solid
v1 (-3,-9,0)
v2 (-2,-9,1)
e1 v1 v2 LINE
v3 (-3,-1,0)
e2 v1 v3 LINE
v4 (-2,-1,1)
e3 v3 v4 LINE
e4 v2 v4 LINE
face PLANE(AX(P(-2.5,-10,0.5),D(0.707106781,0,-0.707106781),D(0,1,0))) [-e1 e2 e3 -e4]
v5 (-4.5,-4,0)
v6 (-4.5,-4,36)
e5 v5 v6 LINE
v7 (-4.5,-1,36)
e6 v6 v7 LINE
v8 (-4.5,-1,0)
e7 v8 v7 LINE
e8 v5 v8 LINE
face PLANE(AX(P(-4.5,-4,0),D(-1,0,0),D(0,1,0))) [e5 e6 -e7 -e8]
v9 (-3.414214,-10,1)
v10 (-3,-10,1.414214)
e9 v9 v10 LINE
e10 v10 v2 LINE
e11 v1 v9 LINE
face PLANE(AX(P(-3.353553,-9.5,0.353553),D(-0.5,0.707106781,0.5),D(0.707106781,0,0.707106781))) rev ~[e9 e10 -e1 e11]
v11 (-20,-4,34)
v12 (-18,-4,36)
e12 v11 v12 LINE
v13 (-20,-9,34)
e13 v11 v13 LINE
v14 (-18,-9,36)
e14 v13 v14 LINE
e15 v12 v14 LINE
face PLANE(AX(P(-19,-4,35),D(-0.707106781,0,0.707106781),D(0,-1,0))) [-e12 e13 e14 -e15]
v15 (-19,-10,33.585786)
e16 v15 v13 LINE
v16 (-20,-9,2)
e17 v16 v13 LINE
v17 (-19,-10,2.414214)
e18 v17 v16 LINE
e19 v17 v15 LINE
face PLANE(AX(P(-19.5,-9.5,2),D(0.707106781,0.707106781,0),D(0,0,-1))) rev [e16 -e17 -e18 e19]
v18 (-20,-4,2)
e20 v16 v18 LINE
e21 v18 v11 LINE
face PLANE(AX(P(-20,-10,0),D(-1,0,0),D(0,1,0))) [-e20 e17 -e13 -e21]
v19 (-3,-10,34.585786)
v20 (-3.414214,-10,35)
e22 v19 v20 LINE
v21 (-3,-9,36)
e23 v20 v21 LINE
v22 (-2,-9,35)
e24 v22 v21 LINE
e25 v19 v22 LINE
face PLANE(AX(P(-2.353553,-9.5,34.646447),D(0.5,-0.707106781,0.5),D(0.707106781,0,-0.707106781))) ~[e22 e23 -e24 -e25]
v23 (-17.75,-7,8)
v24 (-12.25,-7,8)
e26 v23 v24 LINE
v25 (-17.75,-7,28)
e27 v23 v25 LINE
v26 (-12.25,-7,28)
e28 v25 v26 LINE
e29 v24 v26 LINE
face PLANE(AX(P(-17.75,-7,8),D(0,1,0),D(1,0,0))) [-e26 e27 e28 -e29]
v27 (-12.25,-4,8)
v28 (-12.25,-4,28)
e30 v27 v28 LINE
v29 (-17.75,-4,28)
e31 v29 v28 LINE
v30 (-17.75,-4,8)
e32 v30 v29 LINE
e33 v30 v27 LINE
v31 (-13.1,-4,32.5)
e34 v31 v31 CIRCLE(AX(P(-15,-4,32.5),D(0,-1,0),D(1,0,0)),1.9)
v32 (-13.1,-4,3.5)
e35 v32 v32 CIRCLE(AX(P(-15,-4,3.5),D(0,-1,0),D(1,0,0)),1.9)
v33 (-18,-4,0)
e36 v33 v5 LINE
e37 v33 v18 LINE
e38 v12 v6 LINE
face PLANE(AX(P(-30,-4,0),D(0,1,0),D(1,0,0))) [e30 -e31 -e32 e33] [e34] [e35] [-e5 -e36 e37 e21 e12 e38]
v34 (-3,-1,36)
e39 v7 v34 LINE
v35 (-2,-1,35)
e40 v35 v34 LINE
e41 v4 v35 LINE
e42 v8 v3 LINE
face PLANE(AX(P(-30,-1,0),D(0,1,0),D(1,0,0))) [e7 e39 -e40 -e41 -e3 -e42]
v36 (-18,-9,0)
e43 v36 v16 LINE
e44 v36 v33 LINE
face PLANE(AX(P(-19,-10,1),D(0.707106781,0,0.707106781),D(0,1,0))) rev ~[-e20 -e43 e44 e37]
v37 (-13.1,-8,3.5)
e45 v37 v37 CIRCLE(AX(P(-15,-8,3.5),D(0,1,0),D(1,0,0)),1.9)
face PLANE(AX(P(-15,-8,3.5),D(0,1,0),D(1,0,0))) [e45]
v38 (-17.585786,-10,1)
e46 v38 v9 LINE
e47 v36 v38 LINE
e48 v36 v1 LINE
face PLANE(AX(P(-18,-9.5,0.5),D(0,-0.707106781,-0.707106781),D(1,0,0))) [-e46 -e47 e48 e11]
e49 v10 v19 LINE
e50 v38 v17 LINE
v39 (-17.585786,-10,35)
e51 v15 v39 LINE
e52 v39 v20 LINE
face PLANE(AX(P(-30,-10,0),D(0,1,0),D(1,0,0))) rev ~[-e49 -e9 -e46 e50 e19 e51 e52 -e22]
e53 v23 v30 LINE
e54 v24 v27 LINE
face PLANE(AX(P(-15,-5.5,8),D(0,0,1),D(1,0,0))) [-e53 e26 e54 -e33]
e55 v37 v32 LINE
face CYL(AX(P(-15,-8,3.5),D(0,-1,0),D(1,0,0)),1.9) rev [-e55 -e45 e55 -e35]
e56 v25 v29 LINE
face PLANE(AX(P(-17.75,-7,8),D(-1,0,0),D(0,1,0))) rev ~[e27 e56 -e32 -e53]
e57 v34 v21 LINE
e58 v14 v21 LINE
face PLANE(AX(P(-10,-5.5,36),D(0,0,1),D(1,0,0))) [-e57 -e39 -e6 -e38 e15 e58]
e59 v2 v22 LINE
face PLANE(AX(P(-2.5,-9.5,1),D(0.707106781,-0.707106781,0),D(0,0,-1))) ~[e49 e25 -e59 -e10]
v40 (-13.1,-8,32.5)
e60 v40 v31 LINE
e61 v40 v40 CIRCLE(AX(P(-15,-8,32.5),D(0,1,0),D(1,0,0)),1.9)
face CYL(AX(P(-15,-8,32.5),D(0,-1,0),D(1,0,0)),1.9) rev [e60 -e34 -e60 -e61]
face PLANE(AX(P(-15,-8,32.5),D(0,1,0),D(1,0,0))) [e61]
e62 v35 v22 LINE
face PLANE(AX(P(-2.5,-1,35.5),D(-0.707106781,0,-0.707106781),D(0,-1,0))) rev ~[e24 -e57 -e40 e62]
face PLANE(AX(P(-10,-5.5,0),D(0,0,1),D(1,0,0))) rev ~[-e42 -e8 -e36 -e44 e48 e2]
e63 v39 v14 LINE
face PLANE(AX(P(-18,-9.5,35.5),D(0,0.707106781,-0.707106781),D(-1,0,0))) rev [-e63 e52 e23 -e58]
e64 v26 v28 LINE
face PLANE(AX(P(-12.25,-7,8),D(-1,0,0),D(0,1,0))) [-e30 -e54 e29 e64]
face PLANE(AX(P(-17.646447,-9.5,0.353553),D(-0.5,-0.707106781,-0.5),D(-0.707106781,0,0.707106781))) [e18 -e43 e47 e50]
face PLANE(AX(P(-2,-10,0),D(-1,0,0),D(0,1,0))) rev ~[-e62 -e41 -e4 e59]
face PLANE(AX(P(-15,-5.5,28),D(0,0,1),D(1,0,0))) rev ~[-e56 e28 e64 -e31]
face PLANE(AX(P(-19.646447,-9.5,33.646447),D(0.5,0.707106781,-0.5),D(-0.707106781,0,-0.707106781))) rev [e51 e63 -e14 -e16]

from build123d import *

# Parameters (mm, degrees)
BOX034_W                             = 5.5
BOX034_H                             = 3
BOX034_DEPTH                         = 20
CYLINDER016033_R                     = 1.9
CYLINDER016033_DEPTH                 = 10
CYLINDER016032_R                     = 1.9
CYLINDER016032_DEPTH                 = 10
BOX020_W                             = 14
BOX020_H                             = 9
BOX020_DEPTH                         = 40
BOX019_W                             = 14
BOX019_H                             = 9
BOX019_DEPTH                         = 40
BOX036_W                             = 25.5
BOX036_H                             = 3
BOX036_DEPTH                         = 36
BOX035_W                             = 40
BOX035_H                             = 9
BOX035_DEPTH                         = 36
CHAMFER016016008004017002013003_SIZE = 2
CHAMFER016016008004017002013004_SIZE = 1
CHAMFER016016008004017002013005_SIZE = 1


with BuildPart() as cube034:
    # Box034 → Box034 (new body)
    with BuildSketch(Plane(origin=(-17.75, -7, 8), x_dir=(1, 0, 0), z_dir=(0, 0, 1))):
        with Locations((2.75, 1.5)):
            Rectangle(BOX034_W, BOX034_H)
    extrude(amount=BOX034_DEPTH)


with BuildPart() as cylinder047:
    # Cylinder016033 → Cylinder016033 (new body)
    with BuildSketch(Plane(origin=(-15, 0, 3.5), x_dir=(1, 0, 0), z_dir=(0, 1, 0))):
        Circle(CYLINDER016033_R)
    extrude(amount=CYLINDER016033_DEPTH)


with BuildPart() as fusion018007003008:
    # Cylinder016032 → Cylinder016032 (new body)
    with BuildSketch(Plane(origin=(-15, 0, 32.5), x_dir=(1, 0, 0), z_dir=(0, 1, 0))):
        Circle(CYLINDER016032_R)
    extrude(amount=CYLINDER016032_DEPTH)

    # Fusion018007003008: union Cylinder047
    add(cylinder047.part)


with BuildPart() as fusion018007003008_1:
    # Fusion018007003008 placement: moved
    add(fusion018007003008.part.moved(Location((0, -8, 0))))


with BuildPart() as cube020:
    # Box020 → Box020 (new body)
    with BuildSketch(Plane(origin=(-34, -10, 0), x_dir=(1, 0, 0), z_dir=(0, 0, 1))):
        with Locations((7, 4.5)):
            Rectangle(BOX020_W, BOX020_H)
    extrude(amount=BOX020_DEPTH)


with BuildPart() as cube019:
    # Box019 → Box019 (new body)
    with BuildSketch(Plane(origin=(-2, -10, 0), x_dir=(1, 0, 0), z_dir=(0, 0, 1))):
        with Locations((7, 4.5)):
            Rectangle(BOX019_W, BOX019_H)
    extrude(amount=BOX019_DEPTH)


with BuildPart() as cube036:
    # Box036 → Box036 (new body)
    with BuildSketch(Plane(origin=(-30, -4, 0), x_dir=(1, 0, 0), z_dir=(0, 0, 1))):
        with Locations((12.75, 1.5)):
            Rectangle(BOX036_W, BOX036_H)
    extrude(amount=BOX036_DEPTH)


with BuildPart() as dock_magnet_mounter:
    # Box035 → Box035 (new body)
    with BuildSketch(Plane(origin=(-30, -10, 0), x_dir=(1, 0, 0), z_dir=(0, 0, 1))):
        with Locations((20, 4.5)):
            Rectangle(BOX035_W, BOX035_H)
    extrude(amount=BOX035_DEPTH)

    # Cut010011008009003016003: cut Cube036
    add(cube036.part, mode=Mode.SUBTRACT)

    # Cut010011008009003016004: cut Cube019
    add(cube019.part, mode=Mode.SUBTRACT)

    # Cut010011008009003016022: cut Cube020
    add(cube020.part, mode=Mode.SUBTRACT)

    # Chamfer016016008004017002013003
    chamfer016016008004017002013003_edges = [dock_magnet_mounter.edges().sort_by_distance(p)[0] for p in [
        (-20, -7, 36),
        (-20, -7, 0),
    ]]
    chamfer(chamfer016016008004017002013003_edges, length=CHAMFER016016008004017002013003_SIZE)

    # Chamfer016016008004017002013004
    chamfer016016008004017002013004_edges = [dock_magnet_mounter.edges().sort_by_distance(p)[0] for p in [
        (-2, -5.5, 36),
        (-2, -5.5, 0),
    ]]
    chamfer(chamfer016016008004017002013004_edges, length=CHAMFER016016008004017002013004_SIZE)

    # Cut010011008009003016023: cut Fusion018007003008
    add(fusion018007003008_1.part, mode=Mode.SUBTRACT)

    # Cut010011008009003016024: cut Cube034
    add(cube034.part, mode=Mode.SUBTRACT)

    # Chamfer016016008004017002013005
    chamfer016016008004017002013005_edges = [dock_magnet_mounter.edges().sort_by_distance(p)[0] for p in [
        (-10.5, -10, 36),
        (-10.5, -10, 0),
        (-19, -10, 1),
        (-20, -10, 18),
        (-19, -10, 35),
        (-2.5, -10, 35.5),
        (-2, -10, 18),
        (-2.5, -10, 0.5),
    ]]
    chamfer(chamfer016016008004017002013005_edges, length=CHAMFER016016008004017002013005_SIZE)


solid = dock_magnet_mounter.part
